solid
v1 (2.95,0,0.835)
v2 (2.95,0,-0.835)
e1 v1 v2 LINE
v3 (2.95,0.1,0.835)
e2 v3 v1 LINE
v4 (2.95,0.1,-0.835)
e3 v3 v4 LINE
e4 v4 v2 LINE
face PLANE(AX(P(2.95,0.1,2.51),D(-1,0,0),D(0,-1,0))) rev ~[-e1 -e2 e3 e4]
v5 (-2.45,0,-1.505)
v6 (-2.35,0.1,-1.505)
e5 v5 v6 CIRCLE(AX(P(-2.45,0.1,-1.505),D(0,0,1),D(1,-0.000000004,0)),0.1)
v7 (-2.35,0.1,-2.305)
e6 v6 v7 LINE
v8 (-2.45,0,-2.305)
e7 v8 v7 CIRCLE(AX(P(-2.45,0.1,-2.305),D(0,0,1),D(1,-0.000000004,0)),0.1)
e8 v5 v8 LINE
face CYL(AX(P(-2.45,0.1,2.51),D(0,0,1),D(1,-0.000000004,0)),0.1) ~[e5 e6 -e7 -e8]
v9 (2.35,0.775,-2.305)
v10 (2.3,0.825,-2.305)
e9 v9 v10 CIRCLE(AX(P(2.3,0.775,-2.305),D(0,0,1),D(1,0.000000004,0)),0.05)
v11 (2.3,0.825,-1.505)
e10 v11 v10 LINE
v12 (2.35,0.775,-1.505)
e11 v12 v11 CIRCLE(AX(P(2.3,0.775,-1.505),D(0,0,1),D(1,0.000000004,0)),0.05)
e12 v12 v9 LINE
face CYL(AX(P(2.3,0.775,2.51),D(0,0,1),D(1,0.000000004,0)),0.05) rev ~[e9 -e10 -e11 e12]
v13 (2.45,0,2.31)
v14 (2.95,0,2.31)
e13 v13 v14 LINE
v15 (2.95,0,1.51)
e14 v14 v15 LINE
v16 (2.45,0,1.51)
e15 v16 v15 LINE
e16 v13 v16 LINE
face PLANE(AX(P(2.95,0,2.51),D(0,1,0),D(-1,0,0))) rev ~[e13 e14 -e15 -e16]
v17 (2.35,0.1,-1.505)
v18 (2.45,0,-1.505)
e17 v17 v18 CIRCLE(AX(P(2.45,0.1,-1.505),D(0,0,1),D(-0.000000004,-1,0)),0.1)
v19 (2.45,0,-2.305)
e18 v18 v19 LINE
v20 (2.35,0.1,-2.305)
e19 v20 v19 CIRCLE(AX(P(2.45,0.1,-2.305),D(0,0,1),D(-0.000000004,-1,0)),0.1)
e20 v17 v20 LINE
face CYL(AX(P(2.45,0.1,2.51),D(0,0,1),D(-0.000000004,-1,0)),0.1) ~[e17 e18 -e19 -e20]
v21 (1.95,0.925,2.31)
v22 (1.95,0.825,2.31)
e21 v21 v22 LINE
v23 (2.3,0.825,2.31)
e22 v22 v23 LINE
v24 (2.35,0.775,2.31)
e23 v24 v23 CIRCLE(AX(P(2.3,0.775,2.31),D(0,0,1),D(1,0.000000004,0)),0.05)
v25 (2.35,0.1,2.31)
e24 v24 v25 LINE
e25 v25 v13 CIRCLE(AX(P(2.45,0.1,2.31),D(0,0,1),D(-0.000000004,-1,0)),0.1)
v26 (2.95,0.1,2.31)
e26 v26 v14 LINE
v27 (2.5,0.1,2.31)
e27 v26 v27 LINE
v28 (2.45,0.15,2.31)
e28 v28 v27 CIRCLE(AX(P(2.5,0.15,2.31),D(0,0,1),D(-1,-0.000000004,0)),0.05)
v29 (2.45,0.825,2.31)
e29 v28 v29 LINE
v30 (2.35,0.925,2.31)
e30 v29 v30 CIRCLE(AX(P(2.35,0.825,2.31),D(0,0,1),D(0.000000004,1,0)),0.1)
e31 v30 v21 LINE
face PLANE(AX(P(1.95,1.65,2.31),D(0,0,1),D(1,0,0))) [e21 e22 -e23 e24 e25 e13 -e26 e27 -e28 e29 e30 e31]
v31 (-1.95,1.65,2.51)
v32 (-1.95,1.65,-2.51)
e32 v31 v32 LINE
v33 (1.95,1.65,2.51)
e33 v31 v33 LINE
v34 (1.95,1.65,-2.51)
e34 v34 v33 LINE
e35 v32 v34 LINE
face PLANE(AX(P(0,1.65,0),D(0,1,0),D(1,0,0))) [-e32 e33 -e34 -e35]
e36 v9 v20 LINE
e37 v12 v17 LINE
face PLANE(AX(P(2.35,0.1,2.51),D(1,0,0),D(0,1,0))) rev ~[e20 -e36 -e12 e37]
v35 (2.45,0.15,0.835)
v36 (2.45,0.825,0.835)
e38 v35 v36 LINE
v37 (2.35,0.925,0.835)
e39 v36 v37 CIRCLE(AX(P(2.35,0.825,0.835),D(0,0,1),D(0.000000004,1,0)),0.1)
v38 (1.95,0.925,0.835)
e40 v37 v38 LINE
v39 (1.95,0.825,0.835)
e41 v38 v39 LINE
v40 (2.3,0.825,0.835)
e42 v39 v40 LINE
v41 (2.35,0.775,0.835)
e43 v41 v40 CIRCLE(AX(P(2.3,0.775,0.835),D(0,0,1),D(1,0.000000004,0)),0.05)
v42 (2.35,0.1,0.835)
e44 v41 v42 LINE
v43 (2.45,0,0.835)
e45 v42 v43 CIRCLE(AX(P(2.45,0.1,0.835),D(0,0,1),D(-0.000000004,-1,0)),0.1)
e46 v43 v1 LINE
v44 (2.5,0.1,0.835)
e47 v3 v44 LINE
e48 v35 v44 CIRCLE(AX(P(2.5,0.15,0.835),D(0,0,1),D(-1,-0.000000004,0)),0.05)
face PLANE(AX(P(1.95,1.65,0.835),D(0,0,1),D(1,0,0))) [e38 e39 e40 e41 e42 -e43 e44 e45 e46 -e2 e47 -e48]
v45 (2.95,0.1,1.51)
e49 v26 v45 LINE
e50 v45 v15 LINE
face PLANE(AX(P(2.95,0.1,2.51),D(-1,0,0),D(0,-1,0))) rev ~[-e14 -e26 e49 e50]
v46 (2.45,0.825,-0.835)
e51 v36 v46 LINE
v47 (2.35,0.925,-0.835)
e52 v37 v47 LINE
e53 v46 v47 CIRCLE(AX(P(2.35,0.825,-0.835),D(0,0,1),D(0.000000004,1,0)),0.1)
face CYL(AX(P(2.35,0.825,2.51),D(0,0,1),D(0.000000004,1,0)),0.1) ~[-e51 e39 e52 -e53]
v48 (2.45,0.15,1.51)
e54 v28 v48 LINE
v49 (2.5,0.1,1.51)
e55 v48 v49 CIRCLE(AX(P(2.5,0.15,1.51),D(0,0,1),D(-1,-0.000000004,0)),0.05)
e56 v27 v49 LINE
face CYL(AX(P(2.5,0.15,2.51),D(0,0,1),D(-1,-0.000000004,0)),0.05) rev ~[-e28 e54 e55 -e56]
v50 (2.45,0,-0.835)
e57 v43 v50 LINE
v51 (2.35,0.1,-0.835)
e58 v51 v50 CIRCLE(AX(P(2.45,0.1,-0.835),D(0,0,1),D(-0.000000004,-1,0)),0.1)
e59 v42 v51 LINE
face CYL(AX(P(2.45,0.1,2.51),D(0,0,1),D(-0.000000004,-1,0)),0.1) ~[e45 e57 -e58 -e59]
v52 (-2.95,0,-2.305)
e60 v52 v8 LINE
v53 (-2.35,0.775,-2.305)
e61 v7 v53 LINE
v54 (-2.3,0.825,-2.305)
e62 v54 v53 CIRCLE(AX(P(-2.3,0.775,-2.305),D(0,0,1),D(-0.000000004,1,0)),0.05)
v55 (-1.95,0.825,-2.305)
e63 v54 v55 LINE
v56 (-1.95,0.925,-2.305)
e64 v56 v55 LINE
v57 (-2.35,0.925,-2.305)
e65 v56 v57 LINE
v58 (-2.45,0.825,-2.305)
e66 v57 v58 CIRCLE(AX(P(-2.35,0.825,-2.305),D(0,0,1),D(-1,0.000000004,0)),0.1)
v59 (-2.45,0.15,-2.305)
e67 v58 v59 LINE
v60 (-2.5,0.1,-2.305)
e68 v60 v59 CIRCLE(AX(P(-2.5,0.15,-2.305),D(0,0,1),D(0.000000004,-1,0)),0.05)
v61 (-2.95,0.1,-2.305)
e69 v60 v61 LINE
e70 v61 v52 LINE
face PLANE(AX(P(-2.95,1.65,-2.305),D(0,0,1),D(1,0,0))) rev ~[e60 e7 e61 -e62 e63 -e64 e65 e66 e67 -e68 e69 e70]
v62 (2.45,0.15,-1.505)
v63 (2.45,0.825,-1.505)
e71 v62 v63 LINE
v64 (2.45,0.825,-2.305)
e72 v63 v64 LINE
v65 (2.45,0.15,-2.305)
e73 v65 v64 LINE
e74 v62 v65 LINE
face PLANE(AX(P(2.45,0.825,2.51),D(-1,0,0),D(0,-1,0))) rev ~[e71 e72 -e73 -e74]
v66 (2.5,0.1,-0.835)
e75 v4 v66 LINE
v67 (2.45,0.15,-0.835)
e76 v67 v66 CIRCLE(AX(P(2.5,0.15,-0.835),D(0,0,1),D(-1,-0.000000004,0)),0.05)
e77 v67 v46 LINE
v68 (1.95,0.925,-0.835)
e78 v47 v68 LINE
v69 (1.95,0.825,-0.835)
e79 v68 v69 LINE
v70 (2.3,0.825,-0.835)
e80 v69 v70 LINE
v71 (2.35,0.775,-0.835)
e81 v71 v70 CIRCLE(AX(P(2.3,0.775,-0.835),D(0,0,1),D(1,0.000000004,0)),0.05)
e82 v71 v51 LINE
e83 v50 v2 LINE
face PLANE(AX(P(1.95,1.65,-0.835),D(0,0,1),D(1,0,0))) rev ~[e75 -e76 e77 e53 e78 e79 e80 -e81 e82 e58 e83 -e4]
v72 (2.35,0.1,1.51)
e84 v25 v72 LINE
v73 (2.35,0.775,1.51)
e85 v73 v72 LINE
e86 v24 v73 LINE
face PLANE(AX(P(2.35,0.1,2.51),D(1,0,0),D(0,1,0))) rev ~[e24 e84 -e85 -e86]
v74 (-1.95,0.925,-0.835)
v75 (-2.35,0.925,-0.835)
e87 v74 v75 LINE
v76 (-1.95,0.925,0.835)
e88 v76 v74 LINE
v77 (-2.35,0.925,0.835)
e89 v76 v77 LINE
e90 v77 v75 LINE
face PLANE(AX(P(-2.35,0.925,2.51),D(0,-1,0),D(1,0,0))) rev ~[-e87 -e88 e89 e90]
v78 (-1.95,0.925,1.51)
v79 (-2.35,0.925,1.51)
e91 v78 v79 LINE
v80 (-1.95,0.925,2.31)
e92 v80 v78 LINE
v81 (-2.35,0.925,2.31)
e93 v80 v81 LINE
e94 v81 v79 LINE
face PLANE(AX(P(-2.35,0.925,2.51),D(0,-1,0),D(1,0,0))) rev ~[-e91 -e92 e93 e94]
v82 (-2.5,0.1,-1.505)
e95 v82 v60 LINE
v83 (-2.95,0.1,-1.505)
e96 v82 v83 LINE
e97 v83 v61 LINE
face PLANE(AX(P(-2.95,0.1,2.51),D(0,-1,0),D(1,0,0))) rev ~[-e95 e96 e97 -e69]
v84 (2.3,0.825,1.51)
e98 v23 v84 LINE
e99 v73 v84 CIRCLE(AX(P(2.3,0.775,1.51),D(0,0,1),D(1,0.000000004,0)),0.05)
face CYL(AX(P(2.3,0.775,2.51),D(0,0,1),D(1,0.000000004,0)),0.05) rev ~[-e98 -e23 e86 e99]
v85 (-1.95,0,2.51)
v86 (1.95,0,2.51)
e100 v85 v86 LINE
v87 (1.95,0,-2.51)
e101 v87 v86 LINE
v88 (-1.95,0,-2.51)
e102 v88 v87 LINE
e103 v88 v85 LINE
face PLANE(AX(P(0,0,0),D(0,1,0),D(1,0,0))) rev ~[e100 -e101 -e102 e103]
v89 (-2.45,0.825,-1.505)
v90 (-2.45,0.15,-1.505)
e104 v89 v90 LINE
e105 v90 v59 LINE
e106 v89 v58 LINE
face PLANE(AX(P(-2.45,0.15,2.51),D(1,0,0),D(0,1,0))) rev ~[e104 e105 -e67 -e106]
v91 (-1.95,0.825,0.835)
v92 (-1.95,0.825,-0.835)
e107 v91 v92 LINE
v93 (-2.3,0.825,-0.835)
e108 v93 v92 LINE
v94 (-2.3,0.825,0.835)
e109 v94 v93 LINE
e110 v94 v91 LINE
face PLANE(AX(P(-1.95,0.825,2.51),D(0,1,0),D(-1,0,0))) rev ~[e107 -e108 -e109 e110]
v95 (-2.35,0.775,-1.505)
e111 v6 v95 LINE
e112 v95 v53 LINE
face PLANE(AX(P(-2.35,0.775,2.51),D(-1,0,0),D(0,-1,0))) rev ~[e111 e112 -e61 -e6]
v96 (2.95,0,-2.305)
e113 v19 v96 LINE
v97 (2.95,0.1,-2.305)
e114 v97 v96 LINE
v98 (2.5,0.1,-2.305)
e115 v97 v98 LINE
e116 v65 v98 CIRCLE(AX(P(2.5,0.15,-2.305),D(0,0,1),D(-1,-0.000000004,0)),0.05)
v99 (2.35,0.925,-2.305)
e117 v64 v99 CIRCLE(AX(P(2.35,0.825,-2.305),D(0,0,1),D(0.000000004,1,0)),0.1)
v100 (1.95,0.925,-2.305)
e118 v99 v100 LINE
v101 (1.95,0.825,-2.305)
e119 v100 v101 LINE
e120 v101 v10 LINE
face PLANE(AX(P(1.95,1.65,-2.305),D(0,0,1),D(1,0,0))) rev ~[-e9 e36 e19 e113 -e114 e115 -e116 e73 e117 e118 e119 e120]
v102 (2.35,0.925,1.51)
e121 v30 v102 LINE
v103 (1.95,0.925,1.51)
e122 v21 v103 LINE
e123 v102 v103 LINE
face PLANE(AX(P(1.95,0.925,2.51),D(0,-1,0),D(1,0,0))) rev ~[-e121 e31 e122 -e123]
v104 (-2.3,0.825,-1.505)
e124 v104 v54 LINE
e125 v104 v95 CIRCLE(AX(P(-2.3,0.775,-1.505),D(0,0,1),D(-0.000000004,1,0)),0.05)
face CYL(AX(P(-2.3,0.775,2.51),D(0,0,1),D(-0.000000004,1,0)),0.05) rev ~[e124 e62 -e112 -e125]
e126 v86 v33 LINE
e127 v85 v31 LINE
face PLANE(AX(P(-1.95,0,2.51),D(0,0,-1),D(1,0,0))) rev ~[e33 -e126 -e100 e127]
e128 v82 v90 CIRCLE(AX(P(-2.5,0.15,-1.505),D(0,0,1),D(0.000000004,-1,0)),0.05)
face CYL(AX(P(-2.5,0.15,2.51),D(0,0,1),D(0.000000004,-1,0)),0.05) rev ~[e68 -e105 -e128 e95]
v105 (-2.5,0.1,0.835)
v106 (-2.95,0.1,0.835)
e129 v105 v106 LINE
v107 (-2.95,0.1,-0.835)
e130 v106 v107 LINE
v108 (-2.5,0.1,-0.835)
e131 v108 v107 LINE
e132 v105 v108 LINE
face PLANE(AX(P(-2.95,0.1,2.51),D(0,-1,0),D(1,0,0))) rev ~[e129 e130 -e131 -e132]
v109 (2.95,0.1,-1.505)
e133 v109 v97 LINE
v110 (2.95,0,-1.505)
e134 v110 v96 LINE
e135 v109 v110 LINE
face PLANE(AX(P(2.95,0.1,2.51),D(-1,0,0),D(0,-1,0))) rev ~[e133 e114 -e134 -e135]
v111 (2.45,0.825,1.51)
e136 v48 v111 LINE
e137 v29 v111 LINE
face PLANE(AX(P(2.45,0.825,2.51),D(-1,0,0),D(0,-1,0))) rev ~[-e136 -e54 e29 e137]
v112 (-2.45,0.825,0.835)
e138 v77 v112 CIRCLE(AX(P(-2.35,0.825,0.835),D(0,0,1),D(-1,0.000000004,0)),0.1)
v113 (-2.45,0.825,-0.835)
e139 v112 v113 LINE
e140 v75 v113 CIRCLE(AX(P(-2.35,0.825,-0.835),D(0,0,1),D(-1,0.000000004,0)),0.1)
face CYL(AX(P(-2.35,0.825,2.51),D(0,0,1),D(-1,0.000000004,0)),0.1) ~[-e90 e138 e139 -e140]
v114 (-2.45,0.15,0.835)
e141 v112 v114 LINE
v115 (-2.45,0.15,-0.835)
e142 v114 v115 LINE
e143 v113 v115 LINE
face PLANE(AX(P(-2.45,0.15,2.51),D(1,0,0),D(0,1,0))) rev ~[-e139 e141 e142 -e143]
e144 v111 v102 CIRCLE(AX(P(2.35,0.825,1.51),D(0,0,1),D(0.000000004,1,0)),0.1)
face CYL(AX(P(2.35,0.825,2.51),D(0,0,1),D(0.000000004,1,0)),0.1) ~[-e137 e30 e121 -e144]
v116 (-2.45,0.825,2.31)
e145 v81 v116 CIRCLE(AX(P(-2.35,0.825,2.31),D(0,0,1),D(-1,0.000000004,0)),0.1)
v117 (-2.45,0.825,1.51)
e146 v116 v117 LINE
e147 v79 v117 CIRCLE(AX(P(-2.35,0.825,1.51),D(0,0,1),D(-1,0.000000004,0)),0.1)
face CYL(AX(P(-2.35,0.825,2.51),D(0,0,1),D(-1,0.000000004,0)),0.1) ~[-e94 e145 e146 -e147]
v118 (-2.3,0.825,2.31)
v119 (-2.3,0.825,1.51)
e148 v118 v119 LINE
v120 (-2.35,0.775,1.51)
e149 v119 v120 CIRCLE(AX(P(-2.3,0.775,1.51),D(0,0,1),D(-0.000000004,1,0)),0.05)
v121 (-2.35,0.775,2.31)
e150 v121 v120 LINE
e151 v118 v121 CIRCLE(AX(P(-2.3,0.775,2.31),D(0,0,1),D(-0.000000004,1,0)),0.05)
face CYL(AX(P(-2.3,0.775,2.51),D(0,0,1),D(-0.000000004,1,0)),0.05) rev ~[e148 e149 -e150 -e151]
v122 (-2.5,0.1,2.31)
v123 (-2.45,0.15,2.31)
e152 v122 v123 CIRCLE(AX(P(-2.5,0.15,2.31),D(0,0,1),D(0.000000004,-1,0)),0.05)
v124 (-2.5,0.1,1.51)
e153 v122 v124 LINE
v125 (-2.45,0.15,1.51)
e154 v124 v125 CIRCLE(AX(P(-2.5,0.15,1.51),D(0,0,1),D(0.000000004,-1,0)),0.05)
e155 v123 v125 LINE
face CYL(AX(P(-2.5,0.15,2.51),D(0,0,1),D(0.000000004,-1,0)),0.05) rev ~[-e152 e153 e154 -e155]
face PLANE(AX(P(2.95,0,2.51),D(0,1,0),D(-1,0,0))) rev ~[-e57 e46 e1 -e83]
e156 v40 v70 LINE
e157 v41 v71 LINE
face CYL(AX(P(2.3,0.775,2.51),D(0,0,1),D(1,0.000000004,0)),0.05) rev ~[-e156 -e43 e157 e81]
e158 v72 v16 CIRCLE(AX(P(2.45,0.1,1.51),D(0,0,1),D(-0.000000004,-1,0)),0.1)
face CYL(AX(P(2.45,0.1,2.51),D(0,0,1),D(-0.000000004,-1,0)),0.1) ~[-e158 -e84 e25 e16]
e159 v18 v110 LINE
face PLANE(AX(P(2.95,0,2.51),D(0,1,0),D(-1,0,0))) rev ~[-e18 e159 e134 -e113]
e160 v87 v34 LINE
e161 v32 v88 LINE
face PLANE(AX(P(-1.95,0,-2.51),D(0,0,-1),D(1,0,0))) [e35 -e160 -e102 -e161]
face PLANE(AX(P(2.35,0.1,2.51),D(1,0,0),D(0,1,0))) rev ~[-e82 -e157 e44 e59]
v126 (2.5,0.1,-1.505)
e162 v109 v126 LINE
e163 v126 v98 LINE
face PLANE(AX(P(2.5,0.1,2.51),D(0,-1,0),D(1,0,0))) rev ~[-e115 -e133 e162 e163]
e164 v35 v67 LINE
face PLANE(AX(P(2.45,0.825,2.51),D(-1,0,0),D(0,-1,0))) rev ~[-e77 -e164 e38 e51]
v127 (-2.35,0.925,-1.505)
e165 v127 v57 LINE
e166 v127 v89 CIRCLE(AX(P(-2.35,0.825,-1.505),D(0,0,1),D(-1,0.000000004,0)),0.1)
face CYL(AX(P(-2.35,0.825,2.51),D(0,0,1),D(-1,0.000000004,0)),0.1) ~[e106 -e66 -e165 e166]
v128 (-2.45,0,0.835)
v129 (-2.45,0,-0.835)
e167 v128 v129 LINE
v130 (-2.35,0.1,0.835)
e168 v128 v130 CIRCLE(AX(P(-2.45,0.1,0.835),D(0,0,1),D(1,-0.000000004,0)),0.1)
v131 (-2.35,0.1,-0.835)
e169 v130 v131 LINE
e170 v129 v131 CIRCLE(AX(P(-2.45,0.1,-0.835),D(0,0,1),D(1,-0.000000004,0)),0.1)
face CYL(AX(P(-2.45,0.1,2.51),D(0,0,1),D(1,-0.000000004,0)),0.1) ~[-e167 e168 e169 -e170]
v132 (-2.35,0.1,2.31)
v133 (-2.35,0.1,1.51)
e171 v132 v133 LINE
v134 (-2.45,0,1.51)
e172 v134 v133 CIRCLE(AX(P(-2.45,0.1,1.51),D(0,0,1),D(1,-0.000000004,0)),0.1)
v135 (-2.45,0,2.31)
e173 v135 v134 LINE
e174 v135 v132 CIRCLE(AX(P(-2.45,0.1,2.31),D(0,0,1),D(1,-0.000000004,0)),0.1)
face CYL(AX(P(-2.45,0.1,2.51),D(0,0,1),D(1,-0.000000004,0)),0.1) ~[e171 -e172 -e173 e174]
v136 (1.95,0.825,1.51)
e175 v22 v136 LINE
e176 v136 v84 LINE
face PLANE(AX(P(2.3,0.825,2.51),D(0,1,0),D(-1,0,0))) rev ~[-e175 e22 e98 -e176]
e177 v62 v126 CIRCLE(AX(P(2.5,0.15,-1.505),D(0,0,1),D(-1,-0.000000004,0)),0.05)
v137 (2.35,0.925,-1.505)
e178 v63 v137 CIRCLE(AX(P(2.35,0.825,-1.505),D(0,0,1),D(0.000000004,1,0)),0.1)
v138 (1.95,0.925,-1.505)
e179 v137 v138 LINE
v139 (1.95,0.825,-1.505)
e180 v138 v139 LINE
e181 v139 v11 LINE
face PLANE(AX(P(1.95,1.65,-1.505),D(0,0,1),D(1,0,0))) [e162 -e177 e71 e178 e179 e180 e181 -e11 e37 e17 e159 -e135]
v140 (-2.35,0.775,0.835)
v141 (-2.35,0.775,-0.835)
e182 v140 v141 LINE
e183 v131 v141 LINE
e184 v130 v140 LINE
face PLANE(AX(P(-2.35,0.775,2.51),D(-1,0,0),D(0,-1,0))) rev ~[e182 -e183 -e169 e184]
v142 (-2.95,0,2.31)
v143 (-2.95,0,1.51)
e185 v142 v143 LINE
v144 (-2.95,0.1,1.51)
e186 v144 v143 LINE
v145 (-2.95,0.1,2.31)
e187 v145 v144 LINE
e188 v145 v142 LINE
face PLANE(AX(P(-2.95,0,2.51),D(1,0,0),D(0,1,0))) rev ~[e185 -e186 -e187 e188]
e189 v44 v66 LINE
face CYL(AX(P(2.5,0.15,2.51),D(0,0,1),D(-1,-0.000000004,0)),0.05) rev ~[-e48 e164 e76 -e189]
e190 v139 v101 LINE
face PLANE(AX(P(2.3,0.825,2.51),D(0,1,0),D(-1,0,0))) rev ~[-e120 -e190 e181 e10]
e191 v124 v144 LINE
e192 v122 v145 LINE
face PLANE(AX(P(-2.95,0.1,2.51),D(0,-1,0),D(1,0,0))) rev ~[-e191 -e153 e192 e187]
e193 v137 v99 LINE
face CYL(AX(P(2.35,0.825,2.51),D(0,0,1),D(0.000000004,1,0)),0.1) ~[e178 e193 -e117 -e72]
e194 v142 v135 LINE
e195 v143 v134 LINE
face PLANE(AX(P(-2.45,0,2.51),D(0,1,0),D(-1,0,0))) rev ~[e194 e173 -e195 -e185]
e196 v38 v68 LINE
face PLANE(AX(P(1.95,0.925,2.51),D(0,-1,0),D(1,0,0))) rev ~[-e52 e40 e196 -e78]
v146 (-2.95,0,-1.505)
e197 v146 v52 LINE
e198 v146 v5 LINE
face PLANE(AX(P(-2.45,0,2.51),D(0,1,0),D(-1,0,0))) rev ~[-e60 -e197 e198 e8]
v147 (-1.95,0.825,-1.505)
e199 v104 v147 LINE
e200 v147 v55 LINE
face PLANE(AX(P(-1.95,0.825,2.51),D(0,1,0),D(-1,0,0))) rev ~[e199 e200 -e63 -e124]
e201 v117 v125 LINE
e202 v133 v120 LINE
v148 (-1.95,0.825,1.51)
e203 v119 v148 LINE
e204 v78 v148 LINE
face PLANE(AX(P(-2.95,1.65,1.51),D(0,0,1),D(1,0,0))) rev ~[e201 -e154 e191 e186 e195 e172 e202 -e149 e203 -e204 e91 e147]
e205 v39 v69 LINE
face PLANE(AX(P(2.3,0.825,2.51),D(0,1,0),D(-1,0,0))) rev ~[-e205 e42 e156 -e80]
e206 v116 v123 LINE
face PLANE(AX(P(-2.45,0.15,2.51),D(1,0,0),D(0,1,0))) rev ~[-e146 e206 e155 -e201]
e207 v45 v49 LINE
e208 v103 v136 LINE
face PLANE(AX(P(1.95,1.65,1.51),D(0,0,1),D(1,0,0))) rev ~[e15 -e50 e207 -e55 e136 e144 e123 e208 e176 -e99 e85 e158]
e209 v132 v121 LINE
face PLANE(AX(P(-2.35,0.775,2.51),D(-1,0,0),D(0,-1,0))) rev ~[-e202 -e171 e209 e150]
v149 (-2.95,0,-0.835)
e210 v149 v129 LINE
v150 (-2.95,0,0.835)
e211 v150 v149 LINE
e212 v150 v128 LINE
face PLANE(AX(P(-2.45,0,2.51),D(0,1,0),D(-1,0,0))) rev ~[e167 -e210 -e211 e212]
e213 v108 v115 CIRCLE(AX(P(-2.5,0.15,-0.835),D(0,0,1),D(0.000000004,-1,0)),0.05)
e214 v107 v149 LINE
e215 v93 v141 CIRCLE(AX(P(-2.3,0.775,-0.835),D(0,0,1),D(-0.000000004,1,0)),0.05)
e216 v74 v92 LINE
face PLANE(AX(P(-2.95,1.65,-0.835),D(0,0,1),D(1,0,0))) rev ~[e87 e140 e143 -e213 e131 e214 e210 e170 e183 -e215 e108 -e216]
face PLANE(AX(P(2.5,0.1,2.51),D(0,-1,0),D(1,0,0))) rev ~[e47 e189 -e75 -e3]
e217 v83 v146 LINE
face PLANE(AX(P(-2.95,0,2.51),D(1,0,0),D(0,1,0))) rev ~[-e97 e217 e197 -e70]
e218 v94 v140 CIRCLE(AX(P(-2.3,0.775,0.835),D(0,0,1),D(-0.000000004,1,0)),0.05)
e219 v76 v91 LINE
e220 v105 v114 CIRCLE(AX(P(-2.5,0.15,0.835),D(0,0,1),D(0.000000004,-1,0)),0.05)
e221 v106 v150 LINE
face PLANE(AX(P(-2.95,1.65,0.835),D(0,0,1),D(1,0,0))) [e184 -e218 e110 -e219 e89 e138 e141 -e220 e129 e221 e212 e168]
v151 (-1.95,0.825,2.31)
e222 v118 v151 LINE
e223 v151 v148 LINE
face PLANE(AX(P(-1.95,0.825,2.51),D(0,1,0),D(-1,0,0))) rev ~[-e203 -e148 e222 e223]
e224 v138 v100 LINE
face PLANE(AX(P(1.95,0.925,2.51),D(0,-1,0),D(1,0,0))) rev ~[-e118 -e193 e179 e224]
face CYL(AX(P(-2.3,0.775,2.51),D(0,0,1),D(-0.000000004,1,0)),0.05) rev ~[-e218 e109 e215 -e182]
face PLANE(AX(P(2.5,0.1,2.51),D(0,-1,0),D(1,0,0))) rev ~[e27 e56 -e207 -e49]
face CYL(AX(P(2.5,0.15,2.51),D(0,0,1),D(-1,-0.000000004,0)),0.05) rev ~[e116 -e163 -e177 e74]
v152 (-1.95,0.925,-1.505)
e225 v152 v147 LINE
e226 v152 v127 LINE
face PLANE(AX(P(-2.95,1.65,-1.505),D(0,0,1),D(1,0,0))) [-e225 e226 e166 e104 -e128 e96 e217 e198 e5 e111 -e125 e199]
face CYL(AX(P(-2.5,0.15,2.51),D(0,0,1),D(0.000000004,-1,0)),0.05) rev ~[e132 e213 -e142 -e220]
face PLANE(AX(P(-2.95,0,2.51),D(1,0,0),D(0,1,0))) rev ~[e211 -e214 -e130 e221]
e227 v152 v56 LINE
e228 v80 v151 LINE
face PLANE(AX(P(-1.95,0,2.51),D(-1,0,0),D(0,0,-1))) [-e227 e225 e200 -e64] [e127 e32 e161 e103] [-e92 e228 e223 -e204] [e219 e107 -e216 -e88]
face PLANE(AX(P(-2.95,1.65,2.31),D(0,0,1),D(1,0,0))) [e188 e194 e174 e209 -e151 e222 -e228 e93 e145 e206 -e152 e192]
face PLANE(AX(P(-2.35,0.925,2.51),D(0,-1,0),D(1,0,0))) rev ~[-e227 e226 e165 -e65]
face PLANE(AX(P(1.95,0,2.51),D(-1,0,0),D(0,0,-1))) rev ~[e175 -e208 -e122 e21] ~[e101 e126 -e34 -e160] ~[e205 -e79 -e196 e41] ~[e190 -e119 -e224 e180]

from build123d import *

# Parameters (mm, degrees)
SKETCH1_W           = 3.9
SKETCH1_H           = 5.02
BOSS_EXTRUDE1_DEPTH = 1.65
BOSS_EXTRUDE2_DEPTH = 5.02
SKETCH3_W           = 1
SKETCH3_H           = 0.205
SKETCH3_H_2         = 0.67
SKETCH3_H_3         = 0.675
SKETCH3_H_4         = 0.2
CUT_EXTRUDE1_DEPTH  = 5.210118763


with BuildPart() as part:
    # Sketch1 → Boss-Extrude1 (new body)
    with BuildSketch(Plane(origin=(0, 0, 0), x_dir=(1, 0, 0), z_dir=(0, 1, 0))):
        Rectangle(SKETCH1_W, SKETCH1_H)
    extrude(amount=BOSS_EXTRUDE1_DEPTH)

    # Sketch2 → Boss-Extrude2 (add)
    with BuildSketch(Plane.XY.offset(2.51)):
        with BuildLine():
            Line((2.95, 0), (2.45, 0))
            ThreePointArc((2.45, 0), (2.379289322, 0.029289322), (2.35, 0.1))
            Line((2.35, 0.1), (2.35, 0.775))
            ThreePointArc((2.35, 0.775), (2.335355339, 0.810355339), (2.3, 0.825))
            Line((2.3, 0.825), (1.95, 0.825))
            Line((1.95, 0.825), (1.95, 0.925))
            Line((1.95, 0.925), (2.35, 0.925))
            ThreePointArc((2.35, 0.925), (2.420710678, 0.895710678), (2.45, 0.825))
            Line((2.45, 0.825), (2.45, 0.15))
            ThreePointArc((2.45, 0.15), (2.464644661, 0.114644661), (2.5, 0.1))
            Line((2.5, 0.1), (2.95, 0.1))
            Line((2.95, 0.1), (2.95, 0))
        make_face()
        with BuildLine():
            Line((-1.95, 0.925), (-1.95, 0.825))
            Line((-1.95, 0.825), (-2.3, 0.825))
            ThreePointArc((-2.3, 0.825), (-2.335355339, 0.810355339), (-2.35, 0.775))
            Line((-2.35, 0.775), (-2.35, 0.1))
            ThreePointArc((-2.35, 0.1), (-2.379289322, 0.029289322), (-2.45, 0))
            Line((-2.45, 0), (-2.95, 0))
            Line((-2.95, 0), (-2.95, 0.1))
            Line((-2.95, 0.1), (-2.5, 0.1))
            ThreePointArc((-2.5, 0.1), (-2.464644661, 0.114644661), (-2.45, 0.15))
            Line((-2.45, 0.15), (-2.45, 0.825))
            ThreePointArc((-2.45, 0.825), (-2.420710678, 0.895710678), (-2.35, 0.925))
            Line((-2.35, 0.925), (-1.95, 0.925))
        make_face()
    extrude(amount=-BOSS_EXTRUDE2_DEPTH)

    # Sketch3 → Cut-Extrude1 (cut, through all)
    with BuildSketch(Plane(origin=(0, 1.65, 0), x_dir=(1, 0, 0), z_dir=(0, 1, 0))):
        with Locations((-2.45, 2.4075)):
            Rectangle(SKETCH3_W, SKETCH3_H)
        with Locations((2.45, 2.4075)):
            Rectangle(SKETCH3_W, SKETCH3_H)
        with Locations((-2.45, 1.17)):
            Rectangle(SKETCH3_W, SKETCH3_H_2)
        with Locations((2.45, 1.17)):
            Rectangle(SKETCH3_W, SKETCH3_H_2)
        with Locations((-2.45, -1.1725)):
            Rectangle(SKETCH3_W, SKETCH3_H_3)
        with Locations((2.45, -1.1725)):
            Rectangle(SKETCH3_W, SKETCH3_H_3)
        with Locations((2.45, -2.41)):
            Rectangle(SKETCH3_W, SKETCH3_H_4)
        with Locations((-2.45, -2.41)):
            Rectangle(SKETCH3_W, SKETCH3_H_4)
    extrude(amount=-CUT_EXTRUDE1_DEPTH, mode=Mode.SUBTRACT)


solid = part.part
